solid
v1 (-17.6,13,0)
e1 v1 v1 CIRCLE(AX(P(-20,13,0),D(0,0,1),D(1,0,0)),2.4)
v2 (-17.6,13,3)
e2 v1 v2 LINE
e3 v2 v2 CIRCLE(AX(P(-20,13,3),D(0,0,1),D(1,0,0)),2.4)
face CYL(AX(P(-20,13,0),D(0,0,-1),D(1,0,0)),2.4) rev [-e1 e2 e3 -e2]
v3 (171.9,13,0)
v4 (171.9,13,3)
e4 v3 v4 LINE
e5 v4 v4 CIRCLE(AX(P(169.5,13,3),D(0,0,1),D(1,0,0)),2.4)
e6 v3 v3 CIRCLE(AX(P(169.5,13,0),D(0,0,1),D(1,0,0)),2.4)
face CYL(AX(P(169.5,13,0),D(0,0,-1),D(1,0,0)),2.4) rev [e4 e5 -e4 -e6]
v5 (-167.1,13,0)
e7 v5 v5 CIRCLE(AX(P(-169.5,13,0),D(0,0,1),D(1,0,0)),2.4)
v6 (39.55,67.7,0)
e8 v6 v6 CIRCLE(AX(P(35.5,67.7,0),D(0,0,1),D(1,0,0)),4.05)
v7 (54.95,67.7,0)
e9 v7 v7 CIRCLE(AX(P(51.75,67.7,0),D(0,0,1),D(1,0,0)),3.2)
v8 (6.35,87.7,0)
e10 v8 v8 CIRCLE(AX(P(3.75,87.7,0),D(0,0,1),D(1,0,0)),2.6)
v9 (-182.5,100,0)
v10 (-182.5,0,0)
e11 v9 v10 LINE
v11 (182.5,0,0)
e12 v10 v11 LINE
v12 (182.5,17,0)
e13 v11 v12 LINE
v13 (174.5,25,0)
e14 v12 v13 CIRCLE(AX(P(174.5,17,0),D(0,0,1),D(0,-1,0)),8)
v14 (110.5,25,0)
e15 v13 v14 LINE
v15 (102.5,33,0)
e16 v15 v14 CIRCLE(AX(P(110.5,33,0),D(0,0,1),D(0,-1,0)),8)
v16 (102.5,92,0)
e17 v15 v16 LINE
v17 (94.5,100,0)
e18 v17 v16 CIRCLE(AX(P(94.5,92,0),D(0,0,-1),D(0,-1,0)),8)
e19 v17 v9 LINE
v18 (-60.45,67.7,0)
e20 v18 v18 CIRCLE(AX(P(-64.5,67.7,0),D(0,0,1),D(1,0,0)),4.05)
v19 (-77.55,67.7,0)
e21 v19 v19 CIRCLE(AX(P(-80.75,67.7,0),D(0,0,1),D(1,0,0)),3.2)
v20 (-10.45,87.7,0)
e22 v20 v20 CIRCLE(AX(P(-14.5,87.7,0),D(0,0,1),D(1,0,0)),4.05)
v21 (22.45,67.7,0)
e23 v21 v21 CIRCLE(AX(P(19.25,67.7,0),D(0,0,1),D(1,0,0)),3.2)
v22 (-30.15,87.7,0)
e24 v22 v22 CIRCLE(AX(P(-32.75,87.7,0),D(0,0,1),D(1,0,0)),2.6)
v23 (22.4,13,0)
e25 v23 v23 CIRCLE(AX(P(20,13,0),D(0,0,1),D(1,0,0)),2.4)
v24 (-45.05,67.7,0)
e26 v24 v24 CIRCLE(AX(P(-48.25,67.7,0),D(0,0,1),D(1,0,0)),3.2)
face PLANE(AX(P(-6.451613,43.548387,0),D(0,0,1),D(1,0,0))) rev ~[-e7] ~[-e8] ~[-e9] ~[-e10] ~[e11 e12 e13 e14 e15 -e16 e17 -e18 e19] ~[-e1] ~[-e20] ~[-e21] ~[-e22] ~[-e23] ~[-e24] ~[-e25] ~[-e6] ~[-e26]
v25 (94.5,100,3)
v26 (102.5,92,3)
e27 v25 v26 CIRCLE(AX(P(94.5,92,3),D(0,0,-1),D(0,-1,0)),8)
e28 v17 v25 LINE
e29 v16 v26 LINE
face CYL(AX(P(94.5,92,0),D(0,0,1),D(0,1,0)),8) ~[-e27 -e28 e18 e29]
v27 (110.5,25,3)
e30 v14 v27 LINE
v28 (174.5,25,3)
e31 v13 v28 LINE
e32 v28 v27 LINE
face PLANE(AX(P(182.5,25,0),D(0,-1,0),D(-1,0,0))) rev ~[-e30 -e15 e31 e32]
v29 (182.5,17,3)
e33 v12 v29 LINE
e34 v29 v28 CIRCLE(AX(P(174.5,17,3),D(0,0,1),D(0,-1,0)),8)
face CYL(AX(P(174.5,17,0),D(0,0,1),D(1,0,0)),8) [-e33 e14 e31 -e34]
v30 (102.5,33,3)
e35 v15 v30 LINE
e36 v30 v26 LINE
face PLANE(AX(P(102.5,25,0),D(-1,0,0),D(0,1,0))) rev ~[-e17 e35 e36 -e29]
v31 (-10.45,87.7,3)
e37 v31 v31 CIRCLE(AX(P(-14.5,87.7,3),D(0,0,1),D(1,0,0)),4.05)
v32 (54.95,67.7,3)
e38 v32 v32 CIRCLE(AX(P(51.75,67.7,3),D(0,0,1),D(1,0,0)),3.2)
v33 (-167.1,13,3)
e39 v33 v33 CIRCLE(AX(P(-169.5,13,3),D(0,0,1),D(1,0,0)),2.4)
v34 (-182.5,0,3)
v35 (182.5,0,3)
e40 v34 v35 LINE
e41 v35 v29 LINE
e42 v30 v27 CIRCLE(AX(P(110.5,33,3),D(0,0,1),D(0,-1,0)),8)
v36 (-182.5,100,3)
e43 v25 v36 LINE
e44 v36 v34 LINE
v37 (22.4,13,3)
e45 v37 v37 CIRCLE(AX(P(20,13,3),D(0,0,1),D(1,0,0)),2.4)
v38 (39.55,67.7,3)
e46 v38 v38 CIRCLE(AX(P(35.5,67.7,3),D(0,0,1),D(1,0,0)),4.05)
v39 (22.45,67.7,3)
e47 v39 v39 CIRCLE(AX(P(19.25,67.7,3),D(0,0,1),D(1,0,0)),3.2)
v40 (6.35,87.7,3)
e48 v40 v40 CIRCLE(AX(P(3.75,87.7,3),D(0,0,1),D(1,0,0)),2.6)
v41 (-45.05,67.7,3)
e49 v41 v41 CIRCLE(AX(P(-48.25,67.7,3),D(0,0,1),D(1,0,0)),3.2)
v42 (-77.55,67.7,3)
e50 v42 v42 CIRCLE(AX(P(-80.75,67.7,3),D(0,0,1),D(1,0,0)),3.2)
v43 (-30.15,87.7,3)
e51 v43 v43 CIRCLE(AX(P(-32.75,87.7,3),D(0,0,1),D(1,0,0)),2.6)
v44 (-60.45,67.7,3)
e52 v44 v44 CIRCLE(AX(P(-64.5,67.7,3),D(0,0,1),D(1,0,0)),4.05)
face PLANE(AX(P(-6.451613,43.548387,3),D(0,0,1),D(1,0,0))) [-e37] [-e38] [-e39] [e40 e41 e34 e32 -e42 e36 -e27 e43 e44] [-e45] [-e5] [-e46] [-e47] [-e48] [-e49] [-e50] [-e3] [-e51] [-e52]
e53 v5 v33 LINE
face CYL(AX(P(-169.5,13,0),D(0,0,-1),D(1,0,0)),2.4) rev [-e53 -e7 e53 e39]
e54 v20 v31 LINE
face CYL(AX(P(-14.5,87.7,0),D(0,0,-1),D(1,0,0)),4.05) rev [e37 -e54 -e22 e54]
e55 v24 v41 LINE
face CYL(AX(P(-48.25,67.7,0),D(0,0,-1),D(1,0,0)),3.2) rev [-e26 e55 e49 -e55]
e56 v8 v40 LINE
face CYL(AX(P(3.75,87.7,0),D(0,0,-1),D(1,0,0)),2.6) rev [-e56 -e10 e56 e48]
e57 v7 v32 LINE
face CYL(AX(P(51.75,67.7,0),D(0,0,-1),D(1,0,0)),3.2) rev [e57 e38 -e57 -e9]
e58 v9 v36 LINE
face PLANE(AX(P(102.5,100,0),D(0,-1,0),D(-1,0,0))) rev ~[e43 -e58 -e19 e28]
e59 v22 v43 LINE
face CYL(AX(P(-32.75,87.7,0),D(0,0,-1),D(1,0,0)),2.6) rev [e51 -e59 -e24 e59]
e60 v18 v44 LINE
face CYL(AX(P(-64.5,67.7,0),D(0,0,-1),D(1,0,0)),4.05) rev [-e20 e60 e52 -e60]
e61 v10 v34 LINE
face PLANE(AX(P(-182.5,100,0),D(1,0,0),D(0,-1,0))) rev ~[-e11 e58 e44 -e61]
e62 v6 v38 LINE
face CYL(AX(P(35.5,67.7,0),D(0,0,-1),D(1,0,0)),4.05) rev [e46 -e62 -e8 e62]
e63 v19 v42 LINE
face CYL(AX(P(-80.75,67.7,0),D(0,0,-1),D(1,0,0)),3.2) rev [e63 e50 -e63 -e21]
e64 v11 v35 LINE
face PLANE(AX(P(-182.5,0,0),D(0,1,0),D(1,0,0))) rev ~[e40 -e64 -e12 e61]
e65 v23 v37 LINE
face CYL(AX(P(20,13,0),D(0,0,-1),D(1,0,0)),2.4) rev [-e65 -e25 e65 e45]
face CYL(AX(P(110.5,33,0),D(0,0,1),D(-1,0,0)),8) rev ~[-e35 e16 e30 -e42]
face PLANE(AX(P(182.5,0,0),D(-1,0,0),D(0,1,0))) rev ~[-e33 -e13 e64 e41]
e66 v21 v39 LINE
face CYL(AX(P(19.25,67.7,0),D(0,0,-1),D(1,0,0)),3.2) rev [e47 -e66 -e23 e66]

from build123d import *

# Parameters (mm, degrees)
SKETCH_R   = 4.05
SKETCH_R_2 = 2.6
SKETCH_R_3 = 3.2
SKETCH_R_4 = 2.4
PAD_DEPTH  = 3
FILLET_R   = 8


with BuildPart() as part:
    # Sketch → Pad (new body)
    with BuildSketch(Plane.XY):
        Polygon((-182.5, 100), (-182.5, 0), (182.5, 0), (182.5, 25), (102.5, 25), (102.5, 100), align=None)
        with Locations((-14.5, 87.7)):
            Circle(SKETCH_R, mode=Mode.SUBTRACT)
        with Locations((-64.5, 67.7)):
            Circle(SKETCH_R, mode=Mode.SUBTRACT)
        with Locations((35.5, 67.7)):
            Circle(SKETCH_R, mode=Mode.SUBTRACT)
        with Locations((-32.75, 87.7)):
            Circle(SKETCH_R_2, mode=Mode.SUBTRACT)
        with Locations((3.75, 87.7)):
            Circle(SKETCH_R_2, mode=Mode.SUBTRACT)
        with Locations((19.25, 67.7)):
            Circle(SKETCH_R_3, mode=Mode.SUBTRACT)
        with Locations((51.75, 67.7)):
            Circle(SKETCH_R_3, mode=Mode.SUBTRACT)
        with Locations((-80.75, 67.7)):
            Circle(SKETCH_R_3, mode=Mode.SUBTRACT)
        with Locations((-48.25, 67.7)):
            Circle(SKETCH_R_3, mode=Mode.SUBTRACT)
        with Locations((-169.5, 13)):
            Circle(SKETCH_R_4, mode=Mode.SUBTRACT)
        with Locations((169.5, 13)):
            Circle(SKETCH_R_4, mode=Mode.SUBTRACT)
        with Locations((20, 13)):
            Circle(SKETCH_R_4, mode=Mode.SUBTRACT)
        with Locations((-20, 13)):
            Circle(SKETCH_R_4, mode=Mode.SUBTRACT)
    extrude(amount=PAD_DEPTH)

    # Fillet
    fillet_edges = [part.edges().sort_by_distance(p)[0] for p in [
        (102.5, 100, 1.5),
        (102.5, 25, 1.5),
        (182.5, 25, 1.5),
    ]]
    fillet(fillet_edges, radius=FILLET_R)


solid = part.part
